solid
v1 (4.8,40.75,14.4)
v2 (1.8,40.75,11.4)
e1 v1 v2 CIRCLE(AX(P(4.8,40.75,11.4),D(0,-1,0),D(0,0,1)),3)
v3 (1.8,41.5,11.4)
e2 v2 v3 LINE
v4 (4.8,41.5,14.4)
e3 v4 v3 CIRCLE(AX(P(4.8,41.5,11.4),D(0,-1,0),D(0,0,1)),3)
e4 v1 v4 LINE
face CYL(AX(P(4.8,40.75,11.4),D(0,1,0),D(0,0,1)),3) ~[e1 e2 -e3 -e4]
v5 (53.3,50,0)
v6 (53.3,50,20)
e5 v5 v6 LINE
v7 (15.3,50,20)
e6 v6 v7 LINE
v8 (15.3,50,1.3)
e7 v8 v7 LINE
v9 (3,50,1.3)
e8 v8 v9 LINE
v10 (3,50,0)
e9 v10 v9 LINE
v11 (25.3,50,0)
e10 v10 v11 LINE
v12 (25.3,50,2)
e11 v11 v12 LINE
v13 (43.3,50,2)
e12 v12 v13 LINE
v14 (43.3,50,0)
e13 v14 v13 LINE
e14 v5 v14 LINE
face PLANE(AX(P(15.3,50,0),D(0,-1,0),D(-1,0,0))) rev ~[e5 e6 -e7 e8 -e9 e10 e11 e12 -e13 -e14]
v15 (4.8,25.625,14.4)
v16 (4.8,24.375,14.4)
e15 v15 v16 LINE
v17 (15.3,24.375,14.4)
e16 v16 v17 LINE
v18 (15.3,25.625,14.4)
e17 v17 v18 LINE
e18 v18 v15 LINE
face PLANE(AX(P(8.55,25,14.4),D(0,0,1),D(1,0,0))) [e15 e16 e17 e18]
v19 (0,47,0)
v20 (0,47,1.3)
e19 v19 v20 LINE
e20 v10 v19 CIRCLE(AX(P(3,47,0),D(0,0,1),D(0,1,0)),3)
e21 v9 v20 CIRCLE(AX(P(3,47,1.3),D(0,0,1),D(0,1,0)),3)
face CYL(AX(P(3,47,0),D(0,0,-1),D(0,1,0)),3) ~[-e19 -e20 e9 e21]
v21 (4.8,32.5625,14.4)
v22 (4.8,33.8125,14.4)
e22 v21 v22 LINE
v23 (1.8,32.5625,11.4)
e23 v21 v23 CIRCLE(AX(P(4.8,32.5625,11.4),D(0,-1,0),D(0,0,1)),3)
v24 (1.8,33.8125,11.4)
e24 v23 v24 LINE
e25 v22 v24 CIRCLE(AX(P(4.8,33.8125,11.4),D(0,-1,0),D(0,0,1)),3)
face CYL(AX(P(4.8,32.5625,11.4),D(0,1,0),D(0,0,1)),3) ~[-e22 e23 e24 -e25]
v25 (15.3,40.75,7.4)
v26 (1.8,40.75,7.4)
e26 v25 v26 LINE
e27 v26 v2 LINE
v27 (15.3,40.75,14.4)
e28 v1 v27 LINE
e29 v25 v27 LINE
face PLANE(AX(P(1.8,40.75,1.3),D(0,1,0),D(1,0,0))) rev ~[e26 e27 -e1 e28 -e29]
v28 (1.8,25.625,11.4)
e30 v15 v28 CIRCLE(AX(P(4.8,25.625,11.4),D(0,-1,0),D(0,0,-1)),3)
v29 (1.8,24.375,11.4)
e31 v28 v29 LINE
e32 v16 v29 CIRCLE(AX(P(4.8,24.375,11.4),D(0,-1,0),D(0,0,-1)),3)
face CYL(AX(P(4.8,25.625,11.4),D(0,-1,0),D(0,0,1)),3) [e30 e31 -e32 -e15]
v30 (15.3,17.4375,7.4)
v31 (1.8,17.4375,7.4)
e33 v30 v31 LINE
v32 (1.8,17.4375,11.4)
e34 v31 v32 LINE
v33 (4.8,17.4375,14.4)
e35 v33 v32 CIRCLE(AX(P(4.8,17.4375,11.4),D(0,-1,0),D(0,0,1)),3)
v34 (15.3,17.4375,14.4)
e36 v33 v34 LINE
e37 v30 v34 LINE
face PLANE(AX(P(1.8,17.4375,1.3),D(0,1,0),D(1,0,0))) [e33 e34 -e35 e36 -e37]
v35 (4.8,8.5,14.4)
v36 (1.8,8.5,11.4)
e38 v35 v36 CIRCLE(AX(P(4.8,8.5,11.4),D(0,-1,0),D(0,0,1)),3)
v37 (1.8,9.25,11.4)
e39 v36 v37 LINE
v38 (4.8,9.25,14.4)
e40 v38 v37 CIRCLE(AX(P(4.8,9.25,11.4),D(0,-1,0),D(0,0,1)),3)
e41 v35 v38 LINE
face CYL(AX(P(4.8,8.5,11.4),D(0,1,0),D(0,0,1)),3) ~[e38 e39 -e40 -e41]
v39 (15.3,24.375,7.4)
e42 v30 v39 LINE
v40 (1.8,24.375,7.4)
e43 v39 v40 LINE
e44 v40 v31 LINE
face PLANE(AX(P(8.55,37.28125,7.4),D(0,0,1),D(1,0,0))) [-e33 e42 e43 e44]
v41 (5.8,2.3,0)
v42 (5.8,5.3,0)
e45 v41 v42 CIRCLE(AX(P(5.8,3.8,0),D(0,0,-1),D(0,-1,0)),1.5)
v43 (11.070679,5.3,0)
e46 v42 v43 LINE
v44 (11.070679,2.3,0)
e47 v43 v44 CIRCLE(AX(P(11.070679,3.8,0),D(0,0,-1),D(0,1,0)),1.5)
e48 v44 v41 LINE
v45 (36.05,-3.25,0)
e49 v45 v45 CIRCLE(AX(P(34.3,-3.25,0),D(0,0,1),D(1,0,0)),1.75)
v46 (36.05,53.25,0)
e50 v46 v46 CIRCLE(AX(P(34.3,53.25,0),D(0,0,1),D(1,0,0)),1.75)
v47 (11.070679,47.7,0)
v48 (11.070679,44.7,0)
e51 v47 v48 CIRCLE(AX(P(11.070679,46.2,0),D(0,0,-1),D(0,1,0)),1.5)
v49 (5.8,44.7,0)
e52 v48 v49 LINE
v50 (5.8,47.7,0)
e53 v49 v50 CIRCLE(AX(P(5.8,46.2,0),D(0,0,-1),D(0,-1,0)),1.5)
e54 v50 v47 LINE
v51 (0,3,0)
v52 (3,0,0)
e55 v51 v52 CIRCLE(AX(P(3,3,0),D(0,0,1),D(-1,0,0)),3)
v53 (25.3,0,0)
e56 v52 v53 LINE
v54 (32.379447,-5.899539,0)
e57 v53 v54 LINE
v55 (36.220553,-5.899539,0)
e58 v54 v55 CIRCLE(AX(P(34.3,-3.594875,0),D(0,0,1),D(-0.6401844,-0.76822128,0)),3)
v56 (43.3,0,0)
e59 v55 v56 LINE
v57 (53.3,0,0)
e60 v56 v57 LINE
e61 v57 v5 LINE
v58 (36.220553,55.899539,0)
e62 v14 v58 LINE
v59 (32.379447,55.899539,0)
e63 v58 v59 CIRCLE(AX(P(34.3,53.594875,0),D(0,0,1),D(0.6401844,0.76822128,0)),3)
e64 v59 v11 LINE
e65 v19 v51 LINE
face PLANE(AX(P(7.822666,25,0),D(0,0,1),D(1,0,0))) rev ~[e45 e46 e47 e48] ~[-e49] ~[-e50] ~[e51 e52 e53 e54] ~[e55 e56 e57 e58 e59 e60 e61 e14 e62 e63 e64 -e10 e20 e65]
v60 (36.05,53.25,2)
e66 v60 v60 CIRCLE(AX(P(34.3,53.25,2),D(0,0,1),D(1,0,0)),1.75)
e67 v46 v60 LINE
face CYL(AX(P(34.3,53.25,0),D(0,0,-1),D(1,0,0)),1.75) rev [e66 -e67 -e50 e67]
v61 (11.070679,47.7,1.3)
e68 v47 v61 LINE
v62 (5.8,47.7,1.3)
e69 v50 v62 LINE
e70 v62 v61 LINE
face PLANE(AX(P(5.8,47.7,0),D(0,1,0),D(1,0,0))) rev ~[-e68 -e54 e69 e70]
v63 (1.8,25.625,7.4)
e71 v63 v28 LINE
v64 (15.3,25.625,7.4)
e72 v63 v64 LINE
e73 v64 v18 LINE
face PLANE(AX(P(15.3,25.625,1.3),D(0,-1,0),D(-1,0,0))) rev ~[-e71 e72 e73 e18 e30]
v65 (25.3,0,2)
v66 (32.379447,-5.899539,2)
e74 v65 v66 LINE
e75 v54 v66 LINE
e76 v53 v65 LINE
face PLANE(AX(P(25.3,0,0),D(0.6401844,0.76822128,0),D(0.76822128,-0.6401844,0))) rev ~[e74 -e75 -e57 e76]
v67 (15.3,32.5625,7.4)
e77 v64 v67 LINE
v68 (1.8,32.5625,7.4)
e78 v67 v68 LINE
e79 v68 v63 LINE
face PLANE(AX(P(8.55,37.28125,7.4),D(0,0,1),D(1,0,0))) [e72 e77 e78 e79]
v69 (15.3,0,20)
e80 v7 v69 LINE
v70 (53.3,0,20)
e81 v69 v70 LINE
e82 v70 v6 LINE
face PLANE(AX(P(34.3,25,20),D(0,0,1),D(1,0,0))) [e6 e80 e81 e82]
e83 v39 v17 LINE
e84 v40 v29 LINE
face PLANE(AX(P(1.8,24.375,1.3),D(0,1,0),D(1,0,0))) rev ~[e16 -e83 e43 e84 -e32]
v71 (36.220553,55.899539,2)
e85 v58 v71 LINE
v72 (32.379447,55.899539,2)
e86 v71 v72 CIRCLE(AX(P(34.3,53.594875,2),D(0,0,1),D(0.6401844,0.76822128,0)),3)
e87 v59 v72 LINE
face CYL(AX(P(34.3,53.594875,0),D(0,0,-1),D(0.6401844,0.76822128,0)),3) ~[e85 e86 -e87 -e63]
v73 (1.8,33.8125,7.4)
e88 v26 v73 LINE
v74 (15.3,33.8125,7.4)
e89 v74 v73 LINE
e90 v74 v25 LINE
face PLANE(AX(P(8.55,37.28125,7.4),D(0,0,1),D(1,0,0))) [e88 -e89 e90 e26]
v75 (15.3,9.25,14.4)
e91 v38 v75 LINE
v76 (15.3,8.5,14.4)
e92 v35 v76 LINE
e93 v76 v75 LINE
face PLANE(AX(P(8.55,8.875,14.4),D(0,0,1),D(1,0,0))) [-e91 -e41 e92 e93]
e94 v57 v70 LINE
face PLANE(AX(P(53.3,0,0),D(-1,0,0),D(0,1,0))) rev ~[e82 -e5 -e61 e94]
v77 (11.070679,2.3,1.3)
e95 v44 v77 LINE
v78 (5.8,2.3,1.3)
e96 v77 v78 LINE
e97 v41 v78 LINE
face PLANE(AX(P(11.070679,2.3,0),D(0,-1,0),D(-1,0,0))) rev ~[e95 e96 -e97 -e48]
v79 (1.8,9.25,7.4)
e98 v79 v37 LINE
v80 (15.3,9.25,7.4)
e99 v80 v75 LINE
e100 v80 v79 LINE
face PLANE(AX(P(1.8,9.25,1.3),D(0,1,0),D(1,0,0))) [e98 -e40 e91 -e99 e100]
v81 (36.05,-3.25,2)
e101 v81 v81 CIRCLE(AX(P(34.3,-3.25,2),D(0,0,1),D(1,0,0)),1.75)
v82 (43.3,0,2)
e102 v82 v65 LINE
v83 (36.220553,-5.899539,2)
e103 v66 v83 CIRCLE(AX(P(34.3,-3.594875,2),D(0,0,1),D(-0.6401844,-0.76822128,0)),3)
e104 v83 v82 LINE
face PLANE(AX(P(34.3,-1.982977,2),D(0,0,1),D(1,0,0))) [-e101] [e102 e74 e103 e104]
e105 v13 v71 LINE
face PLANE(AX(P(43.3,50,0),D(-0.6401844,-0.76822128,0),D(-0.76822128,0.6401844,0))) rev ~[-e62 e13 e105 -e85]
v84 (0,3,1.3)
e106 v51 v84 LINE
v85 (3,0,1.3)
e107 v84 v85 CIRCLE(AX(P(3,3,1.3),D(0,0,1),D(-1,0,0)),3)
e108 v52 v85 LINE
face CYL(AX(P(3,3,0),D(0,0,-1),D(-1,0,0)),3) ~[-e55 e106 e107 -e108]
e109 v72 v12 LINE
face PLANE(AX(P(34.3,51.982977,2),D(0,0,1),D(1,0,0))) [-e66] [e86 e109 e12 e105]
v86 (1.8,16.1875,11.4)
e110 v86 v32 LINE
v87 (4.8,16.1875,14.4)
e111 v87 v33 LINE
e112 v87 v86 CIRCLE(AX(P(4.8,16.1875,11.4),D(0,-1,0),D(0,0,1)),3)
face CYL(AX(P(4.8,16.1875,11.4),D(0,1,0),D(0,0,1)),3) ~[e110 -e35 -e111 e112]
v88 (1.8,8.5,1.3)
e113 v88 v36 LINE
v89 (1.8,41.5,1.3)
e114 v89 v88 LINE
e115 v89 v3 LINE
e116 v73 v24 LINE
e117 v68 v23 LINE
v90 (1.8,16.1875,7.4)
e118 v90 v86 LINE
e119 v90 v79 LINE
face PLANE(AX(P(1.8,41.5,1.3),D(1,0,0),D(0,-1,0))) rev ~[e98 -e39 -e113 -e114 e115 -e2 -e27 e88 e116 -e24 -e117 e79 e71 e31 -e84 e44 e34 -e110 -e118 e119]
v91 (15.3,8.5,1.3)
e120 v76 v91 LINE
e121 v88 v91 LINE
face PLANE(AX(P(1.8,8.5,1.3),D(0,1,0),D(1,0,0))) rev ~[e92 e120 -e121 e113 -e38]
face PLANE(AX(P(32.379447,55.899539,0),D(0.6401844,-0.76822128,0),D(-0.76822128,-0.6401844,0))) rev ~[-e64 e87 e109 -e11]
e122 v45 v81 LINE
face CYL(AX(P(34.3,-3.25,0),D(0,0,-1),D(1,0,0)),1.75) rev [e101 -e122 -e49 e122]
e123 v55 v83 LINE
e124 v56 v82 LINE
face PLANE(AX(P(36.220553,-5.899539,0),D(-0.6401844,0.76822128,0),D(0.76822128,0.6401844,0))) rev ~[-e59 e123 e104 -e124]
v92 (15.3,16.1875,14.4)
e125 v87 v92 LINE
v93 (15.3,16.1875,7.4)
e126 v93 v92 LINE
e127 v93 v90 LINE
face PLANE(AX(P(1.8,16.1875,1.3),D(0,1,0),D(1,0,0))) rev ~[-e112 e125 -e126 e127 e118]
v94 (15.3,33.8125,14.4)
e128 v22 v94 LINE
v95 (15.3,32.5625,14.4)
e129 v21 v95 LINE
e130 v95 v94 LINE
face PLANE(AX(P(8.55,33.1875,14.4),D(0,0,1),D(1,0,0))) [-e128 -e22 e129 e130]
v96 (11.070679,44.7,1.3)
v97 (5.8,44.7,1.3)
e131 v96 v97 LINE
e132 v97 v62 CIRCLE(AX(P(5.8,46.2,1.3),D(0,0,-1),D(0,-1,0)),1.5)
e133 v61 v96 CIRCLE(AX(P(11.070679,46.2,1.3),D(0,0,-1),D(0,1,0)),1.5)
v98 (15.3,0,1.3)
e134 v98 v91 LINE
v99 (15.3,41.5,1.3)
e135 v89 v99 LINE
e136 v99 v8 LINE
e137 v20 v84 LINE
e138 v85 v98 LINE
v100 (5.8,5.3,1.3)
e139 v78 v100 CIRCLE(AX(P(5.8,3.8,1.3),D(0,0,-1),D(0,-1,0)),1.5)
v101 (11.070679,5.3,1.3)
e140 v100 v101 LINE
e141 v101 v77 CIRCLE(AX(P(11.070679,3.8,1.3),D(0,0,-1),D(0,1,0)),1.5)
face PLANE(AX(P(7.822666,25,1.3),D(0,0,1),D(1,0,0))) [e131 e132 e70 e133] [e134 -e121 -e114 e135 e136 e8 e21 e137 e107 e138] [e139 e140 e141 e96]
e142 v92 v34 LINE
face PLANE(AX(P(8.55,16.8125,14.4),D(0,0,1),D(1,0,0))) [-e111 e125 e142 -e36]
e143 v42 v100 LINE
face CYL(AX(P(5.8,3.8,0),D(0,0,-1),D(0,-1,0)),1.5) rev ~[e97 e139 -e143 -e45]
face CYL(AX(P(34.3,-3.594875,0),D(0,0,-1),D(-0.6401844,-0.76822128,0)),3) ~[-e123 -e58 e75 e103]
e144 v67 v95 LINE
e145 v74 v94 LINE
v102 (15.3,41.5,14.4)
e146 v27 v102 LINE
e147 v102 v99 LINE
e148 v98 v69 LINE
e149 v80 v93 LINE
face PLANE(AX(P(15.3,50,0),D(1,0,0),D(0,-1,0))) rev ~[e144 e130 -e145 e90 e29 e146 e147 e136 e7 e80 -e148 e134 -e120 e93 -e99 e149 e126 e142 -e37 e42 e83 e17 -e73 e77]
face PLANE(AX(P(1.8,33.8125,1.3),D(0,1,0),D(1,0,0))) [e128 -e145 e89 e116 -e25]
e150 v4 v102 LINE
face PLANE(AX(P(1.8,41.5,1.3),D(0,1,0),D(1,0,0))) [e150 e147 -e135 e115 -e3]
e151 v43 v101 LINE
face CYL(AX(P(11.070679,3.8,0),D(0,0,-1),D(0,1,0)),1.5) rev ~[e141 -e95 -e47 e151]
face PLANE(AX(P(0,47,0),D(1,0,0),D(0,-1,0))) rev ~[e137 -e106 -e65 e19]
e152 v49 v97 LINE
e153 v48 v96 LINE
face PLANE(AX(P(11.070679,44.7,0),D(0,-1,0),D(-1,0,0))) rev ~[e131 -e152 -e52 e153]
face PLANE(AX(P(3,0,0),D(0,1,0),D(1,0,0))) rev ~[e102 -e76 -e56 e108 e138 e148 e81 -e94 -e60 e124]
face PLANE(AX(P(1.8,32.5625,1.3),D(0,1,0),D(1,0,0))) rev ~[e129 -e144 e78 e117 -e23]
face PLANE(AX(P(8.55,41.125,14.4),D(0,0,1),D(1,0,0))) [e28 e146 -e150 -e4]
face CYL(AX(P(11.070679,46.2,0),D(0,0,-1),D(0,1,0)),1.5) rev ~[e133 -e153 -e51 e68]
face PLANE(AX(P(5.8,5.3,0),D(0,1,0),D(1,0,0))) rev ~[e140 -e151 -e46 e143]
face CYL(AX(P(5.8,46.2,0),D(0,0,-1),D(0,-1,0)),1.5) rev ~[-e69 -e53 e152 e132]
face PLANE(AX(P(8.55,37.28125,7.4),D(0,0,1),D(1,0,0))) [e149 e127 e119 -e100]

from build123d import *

# Parameters (mm, degrees)
F1_DEPTH = 20
F0_R     = 1.75
F2_DEPTH = 2
F3_DEPTH = 1.3
F4_W     = 13.5
F4_H     = 6.9375
F4_H_2   = 1.25
F4_H_3   = 0.75
F5_DEPTH = 6.1
F6_DEPTH = 13.1
F7_R     = 3


with BuildPart() as f1:
    # F0 (on Top) → F1 (new body)
    with BuildSketch(Plane.XY):
        Polygon((15.3, 50), (15.3, 0), (25.3, 0), (43.3, 0), (53.3, 0), (53.3, 50), (43.3, 50), (25.3, 50), align=None)
    extrude(amount=F1_DEPTH)

    # F0 (on Top) → F2 (join)
    with BuildSketch(Plane.XY):
        with BuildLine():
            Line((43.3, 0), (25.3, 0))
            Line((25.3, 0), (32.379446801, -5.8995390008))
            ThreePointArc((32.379446801, -5.8995390008), (34.3, -6.594875162), (36.220553199, -5.8995390008))
            Line((36.220553199, -5.8995390008), (43.3, 0))
        make_face()
        with Locations((34.3, -3.25)):
            Circle(F0_R, mode=Mode.SUBTRACT)
        with BuildLine():
            Line((32.379446801, 55.8995390008), (25.3, 50))
            Line((25.3, 50), (43.3, 50))
            Line((43.3, 50), (36.220553199, 55.8995390008))
            ThreePointArc((36.220553199, 55.8995390008), (34.3, 56.594875162), (32.379446801, 55.8995390008))
        make_face()
        with Locations((34.3, 53.25)):
            Circle(F0_R, mode=Mode.SUBTRACT)
    extrude(amount=F2_DEPTH)

    # F0 (on Top) → F3 (join)
    with BuildSketch(Plane.XY):
        with BuildLine():
            ThreePointArc((0, 3), (0.8786796564, 0.8786796564), (3, 0))
            Line((3, 0), (15.3, 0))
            Line((15.3, 0), (15.3, 50))
            Line((15.3, 50), (3, 50))
            ThreePointArc((3, 50), (0.8786796564, 49.1213203436), (0, 47))
            Line((0, 47), (0, 3))
        make_face()
        with BuildLine():
            Line((11.0706789419, 2.3), (5.8, 2.3))
            ThreePointArc((5.8, 2.3), (4.3, 3.8), (5.8, 5.3))
            Line((5.8, 5.3), (11.0706789419, 5.3))
            ThreePointArc((11.0706789419, 5.3), (12.5706789419, 3.8), (11.0706789419, 2.3))
        make_face(mode=Mode.SUBTRACT)
        with BuildLine():
            Line((11.0706789419, 44.7), (5.8, 44.7))
            ThreePointArc((5.8, 44.7), (4.3, 46.2), (5.8, 47.7))
            Line((5.8, 47.7), (11.0706789419, 47.7))
            ThreePointArc((11.0706789419, 47.7), (12.5706789419, 46.2), (11.0706789419, 44.7))
        make_face(mode=Mode.SUBTRACT)
    extrude(amount=F3_DEPTH)

    # F4 (on face) → F5 (join)
    with BuildSketch(Plane.XY.offset(1.3)):
        with Locations((8.55, 37.28125)):
            Rectangle(F4_W, F4_H)
        with Locations((8.55, 33.1875)):
            Rectangle(F4_W, F4_H_2)
        with Locations((8.55, 29.09375)):
            Rectangle(F4_W, F4_H)
        Polygon((15.3, 25), (15.3, 25.625), (1.8, 25.625), (1.8, 25), (1.8, 24.375), (15.3, 24.375), align=None)
        with Locations((8.55, 20.90625)):
            Rectangle(F4_W, F4_H)
        with Locations((8.55, 16.8125)):
            Rectangle(F4_W, F4_H_2)
        with Locations((8.55, 12.71875)):
            Rectangle(F4_W, F4_H)
        with Locations((8.55, 8.875)):
            Rectangle(F4_W, F4_H_3)
        with Locations((8.55, 41.125)):
            Rectangle(F4_W, F4_H_3)
    extrude(amount=F5_DEPTH)

    # F4 (on face) → F6 (join)
    with BuildSketch(Plane.XY.offset(1.3)):
        with Locations((8.55, 41.125)):
            Rectangle(F4_W, F4_H_3)
        with Locations((8.55, 8.875)):
            Rectangle(F4_W, F4_H_3)
        with Locations((8.55, 33.1875)):
            Rectangle(F4_W, F4_H_2)
        Polygon((15.3, 25), (15.3, 25.625), (1.8, 25.625), (1.8, 25), (1.8, 24.375), (15.3, 24.375), align=None)
        with Locations((8.55, 16.8125)):
            Rectangle(F4_W, F4_H_2)
    extrude(amount=F6_DEPTH)

    # F7
    f7_edges = [f1.edges().sort_by_distance(p)[0] for p in [
        (1.8, 41.125, 14.4),
        (1.8, 33.1875, 14.4),
        (1.8, 8.875, 14.4),
        (1.8, 25, 14.4),
        (1.8, 16.8125, 14.4),
    ]]
    fillet(f7_edges, radius=F7_R)


solid = f1.part
